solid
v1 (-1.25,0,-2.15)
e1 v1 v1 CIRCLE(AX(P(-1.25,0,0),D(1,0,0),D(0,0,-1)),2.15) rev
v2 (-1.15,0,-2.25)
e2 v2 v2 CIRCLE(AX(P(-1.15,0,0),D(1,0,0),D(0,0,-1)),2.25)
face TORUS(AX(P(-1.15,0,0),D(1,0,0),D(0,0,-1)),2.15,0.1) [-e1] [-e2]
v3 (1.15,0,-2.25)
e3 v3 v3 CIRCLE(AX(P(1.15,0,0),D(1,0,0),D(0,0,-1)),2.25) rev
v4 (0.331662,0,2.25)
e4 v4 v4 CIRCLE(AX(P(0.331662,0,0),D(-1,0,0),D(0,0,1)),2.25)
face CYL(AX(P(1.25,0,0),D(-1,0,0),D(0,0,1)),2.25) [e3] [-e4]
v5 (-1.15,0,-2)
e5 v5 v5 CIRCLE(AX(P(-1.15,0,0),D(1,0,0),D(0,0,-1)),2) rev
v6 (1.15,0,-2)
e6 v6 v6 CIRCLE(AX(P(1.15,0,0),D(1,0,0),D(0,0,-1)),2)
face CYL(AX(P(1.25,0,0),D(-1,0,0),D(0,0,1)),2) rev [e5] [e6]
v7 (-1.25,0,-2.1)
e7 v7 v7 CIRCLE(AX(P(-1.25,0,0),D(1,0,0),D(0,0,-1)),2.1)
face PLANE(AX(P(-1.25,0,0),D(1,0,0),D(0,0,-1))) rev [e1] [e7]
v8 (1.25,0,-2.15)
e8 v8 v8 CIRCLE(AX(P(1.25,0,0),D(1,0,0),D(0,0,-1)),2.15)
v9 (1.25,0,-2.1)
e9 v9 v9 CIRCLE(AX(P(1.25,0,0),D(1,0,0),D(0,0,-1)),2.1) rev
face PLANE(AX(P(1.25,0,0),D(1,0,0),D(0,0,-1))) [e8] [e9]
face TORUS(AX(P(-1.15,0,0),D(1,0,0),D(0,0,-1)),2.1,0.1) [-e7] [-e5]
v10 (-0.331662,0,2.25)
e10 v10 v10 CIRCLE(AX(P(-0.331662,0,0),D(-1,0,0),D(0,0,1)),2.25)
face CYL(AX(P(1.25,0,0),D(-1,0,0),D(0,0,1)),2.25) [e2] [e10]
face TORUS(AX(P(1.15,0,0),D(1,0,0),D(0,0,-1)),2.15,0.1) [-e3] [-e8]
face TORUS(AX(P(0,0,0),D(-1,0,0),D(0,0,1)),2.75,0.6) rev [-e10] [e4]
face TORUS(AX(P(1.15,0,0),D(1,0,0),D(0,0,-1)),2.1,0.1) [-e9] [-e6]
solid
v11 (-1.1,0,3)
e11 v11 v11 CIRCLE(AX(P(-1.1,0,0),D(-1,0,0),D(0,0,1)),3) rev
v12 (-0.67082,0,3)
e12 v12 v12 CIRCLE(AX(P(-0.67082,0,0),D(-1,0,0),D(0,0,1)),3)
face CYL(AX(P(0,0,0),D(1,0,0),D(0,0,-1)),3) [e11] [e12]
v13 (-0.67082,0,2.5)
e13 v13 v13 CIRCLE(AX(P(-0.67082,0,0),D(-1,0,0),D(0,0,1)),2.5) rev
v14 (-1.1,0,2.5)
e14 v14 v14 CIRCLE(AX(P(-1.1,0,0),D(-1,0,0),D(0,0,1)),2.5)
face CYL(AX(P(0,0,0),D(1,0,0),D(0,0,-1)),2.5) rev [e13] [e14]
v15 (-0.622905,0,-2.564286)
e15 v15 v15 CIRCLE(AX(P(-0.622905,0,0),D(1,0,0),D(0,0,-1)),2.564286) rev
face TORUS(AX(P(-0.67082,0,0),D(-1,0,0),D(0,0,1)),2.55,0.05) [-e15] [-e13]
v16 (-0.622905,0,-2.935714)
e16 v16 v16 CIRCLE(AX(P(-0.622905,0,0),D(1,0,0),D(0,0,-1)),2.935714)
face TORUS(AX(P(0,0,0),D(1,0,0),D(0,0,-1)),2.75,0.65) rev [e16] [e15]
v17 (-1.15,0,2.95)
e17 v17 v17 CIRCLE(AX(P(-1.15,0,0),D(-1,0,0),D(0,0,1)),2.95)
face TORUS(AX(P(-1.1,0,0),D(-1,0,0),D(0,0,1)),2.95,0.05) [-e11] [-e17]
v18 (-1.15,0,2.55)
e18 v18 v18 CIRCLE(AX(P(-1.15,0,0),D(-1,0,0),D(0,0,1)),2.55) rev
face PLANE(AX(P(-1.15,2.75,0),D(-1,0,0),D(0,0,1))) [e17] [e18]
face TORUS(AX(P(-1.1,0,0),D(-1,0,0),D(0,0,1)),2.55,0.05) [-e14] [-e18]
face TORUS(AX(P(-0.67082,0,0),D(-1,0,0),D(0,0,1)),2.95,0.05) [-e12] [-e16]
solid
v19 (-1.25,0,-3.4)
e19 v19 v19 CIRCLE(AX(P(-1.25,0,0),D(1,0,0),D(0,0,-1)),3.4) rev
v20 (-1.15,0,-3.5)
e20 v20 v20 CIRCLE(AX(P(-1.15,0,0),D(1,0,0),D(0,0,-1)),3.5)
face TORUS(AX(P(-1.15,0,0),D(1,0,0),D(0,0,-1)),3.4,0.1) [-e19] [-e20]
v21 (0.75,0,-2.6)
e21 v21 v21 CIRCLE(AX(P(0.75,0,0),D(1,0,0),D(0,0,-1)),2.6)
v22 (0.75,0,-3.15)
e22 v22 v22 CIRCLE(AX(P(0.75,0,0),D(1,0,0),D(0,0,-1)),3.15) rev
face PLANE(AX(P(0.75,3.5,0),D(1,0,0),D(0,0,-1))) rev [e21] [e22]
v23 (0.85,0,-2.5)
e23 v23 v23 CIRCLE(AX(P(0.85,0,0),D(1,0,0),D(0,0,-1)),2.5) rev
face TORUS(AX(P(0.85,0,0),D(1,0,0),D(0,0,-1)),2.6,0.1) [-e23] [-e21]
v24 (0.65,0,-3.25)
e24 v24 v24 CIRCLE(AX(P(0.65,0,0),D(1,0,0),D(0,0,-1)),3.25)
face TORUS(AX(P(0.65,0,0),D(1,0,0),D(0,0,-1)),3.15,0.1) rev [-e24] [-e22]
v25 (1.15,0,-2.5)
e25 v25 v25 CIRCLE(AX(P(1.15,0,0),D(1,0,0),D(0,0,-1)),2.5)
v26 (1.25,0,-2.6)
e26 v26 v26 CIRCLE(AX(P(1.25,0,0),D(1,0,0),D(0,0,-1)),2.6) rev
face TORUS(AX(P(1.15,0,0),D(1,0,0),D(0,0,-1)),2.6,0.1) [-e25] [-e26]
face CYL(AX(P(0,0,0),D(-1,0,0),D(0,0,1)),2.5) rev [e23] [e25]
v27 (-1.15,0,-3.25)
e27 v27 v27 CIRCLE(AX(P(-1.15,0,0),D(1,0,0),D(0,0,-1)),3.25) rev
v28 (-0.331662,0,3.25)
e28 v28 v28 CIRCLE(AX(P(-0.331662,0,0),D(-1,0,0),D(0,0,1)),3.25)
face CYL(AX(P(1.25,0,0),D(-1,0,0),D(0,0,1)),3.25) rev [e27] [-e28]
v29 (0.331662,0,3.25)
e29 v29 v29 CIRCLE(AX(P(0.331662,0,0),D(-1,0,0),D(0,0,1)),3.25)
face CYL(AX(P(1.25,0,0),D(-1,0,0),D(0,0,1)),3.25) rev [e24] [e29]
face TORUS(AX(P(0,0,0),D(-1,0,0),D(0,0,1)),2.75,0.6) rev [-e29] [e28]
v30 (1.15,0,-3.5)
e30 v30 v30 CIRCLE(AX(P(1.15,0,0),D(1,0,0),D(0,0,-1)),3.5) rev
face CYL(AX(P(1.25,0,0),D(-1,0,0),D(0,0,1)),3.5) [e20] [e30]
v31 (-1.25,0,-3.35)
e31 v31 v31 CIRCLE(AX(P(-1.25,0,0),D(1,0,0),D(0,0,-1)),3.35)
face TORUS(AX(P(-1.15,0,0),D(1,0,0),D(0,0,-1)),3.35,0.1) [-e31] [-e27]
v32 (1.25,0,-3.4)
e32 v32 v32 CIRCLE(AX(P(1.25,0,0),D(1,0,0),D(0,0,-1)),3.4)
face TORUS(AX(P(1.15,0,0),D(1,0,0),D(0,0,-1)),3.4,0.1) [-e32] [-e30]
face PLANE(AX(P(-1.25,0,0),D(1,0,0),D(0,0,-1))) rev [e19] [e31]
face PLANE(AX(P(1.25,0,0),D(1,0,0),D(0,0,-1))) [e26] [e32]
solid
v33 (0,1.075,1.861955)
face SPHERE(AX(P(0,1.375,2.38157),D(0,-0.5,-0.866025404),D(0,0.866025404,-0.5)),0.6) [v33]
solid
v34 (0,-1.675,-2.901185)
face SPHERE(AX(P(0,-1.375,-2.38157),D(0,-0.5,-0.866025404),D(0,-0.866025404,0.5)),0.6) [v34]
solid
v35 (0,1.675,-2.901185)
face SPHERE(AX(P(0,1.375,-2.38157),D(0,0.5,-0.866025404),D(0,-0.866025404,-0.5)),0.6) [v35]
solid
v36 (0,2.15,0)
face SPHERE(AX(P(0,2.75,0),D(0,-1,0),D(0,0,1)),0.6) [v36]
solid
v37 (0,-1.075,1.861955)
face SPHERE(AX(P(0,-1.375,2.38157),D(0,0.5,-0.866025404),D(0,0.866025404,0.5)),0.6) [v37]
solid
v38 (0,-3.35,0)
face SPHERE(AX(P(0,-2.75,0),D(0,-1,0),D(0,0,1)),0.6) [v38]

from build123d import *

# Parameters (mm, degrees)
SKETCH1_R             = 3.5
SKETCH1_R_2           = 3.25
BOSS_EXTRUDE1_DEPTH   = 1.25
SKETCH1_R_3           = 2.25
SKETCH1_R_4           = 2
BOSS_EXTRUDE1_2_DEPTH = 1.25
SKETCH7_W             = 0.5
SKETCH7_H             = 1
FILLET1_R             = 0.1
FILLET2_R             = 0.1
FILLET3_R             = 0.05


with BuildPart() as part:
    # Sketch1 → Boss-Extrude1 (new, symmetric)
    with BuildSketch(Plane(origin=(0, 0, 0), x_dir=(0, 0, -1), z_dir=(1, 0, 0))):
        Circle(SKETCH1_R)
        Circle(SKETCH1_R_2, mode=Mode.SUBTRACT)
    extrude(amount=BOSS_EXTRUDE1_DEPTH, both=True)


with BuildPart() as body_2:
    # Sketch1 → Boss-Extrude1 2 (new, symmetric)
    with BuildSketch(Plane(origin=(0, 0, 0), x_dir=(0, 0, -1), z_dir=(1, 0, 0))):
        Circle(SKETCH1_R_3)
        Circle(SKETCH1_R_4, mode=Mode.SUBTRACT)
    extrude(amount=BOSS_EXTRUDE1_2_DEPTH, both=True)


with BuildPart() as cut_revolve1_tool:
    # Sketch2 → Cut-Revolve1 (revolve)
    with BuildSketch(Plane.XY):
        with BuildLine():
            Line((0.331662479, 3.25), (-0.331662479, 3.25))
            ThreePointArc((-0.331662479, 3.25), (0, 3.35), (0.331662479, 3.25))
        make_face()
        with BuildLine():
            Line((0.331662479, 2.25), (-0.331662479, 2.25))
            ThreePointArc((-0.331662479, 2.25), (0, 2.15), (0.331662479, 2.25))
        make_face()
    revolve(axis=Axis((0, 0, 0), (1, 0, 0)))


with BuildPart() as part_1:
    add(part.part)

    # Cut-Revolve1: cut by cut_revolve1_tool
    add(cut_revolve1_tool.part, mode=Mode.SUBTRACT)

    # Sketch7 → Revolve5 (revolve)
    with BuildSketch(Plane.XY, mode=Mode.PRIVATE) as revolve5_sk:
        with Locations((1, 3)):
            Rectangle(SKETCH7_W, SKETCH7_H)
    revolve(revolve5_sk.sketch.rotate(Axis((0, 0, 0), (1, 0, 0)), 90), axis=Axis((0, 0, 0), (1, 0, 0)))

    # Fillet1
    fillet1_edges = [part_1.edges().sort_by_distance(p)[0] for p in [
        (0.75, 0, 3.25),
        (1.25, 0, -2.5),
        (0.75, 0, -2.5),
        (-1.25, 0, 3.5),
        (-1.25, 0, 3.25),
        (1.25, 0, 3.5),
    ]]
    fillet(fillet1_edges, radius=FILLET1_R)


with BuildPart() as body_2_1:
    add(body_2.part)

    # Cut-Revolve1: cut by cut_revolve1_tool
    add(cut_revolve1_tool.part, mode=Mode.SUBTRACT)

    # Fillet2
    fillet2_edges = [body_2_1.edges().sort_by_distance(p)[0] for p in [
        (-1.25, 0, 2.25),
        (-1.25, 0, 2),
        (1.25, 0, 2),
        (1.25, 0, 2.25),
    ]]
    fillet(fillet2_edges, radius=FILLET2_R)


with BuildPart() as body_3:
    # Sketch3 → Revolve1 (revolve)
    with BuildSketch(Plane(origin=(0, 0, 0), x_dir=(0, 0, -1), z_dir=(1, 0, 0))):
        with BuildLine():
            Line((0, 2.15), (0, 3.35))
            ThreePointArc((0, 3.35), (0.6, 2.75), (0, 2.15))
        make_face()
        with BuildLine():
            Line((0, -2.15), (0, -3.35))
            ThreePointArc((0, -3.35), (-0.6, -2.75), (0, -2.15))
        make_face()
    revolve(axis=Axis((0, 0, 0), (0, 1, 0)))


with BuildPart() as body_4:
    # Sketch4 → Revolve2 (revolve)
    with BuildSketch(Plane(origin=(0, 0, 0), x_dir=(0, 0, -1), z_dir=(1, 0, 0))):
        with BuildLine():
            Line((1.861954618, 1.075), (2.901185103, 1.675))
            ThreePointArc((2.901185103, 1.675), (2.68156986, 0.855384758), (1.861954618, 1.075))
        make_face()
        with BuildLine():
            Line((-1.861954618, -1.075), (-2.901185103, -1.675))
            ThreePointArc((-2.901185103, -1.675), (-2.68156986, -0.855384758), (-1.861954618, -1.075))
        make_face()
    revolve(axis=Axis((0, -1.075, 1.861954618), (0, -0.5000000000000012, 0.866025403784438)))


with BuildPart() as body_5:
    # Sketch5 → Revolve3 (revolve)
    with BuildSketch(Plane(origin=(0, 0, 0), x_dir=(0, 0, -1), z_dir=(1, 0, 0))):
        with BuildLine():
            Line((-2.38156986, 1.375), (-1.861954618, 1.075))
            ThreePointArc((-1.861954618, 1.075), (-2.08156986, 1.894615242), (-2.901185103, 1.675))
            Line((-2.901185103, 1.675), (-2.38156986, 1.375))
        make_face()
        with BuildLine():
            Line((2.38156986, -1.375), (1.861954618, -1.075))
            ThreePointArc((1.861954618, -1.075), (2.08156986, -1.894615242), (2.901185103, -1.675))
            Line((2.901185103, -1.675), (2.38156986, -1.375))
        make_face()
    revolve(axis=Axis((0, 1.075, 1.861954618), (0, 0.5000000000000012, 0.8660254037844379)))


with BuildPart() as body_6:
    # Sketch8 → Revolve6 (revolve)
    with BuildSketch(Plane.XY, mode=Mode.PRIVATE) as revolve6_sk:
        with BuildLine():
            Line((-1.15, 2.75), (-1.15, 3))
            Line((-1.15, 3), (-0.6, 3))
            ThreePointArc((-0.6, 3), (-0.65, 2.75), (-0.6, 2.5))
            Line((-0.6, 2.5), (-1.15, 2.5))
            Line((-1.15, 2.5), (-1.15, 2.75))
        make_face()
    revolve(revolve6_sk.sketch.rotate(Axis((0, 0, 0), (-1, 0, 0)), 270), axis=Axis((0, 0, 0), (-1, 0, 0)))

    # Fillet3
    fillet3_edges = [body_6.edges().sort_by_distance(p)[0] for p in [
        (-1.15, 0, -3),
        (-0.6, 0, -3),
        (-0.6, 0, -2.5),
        (-1.15, 0, -2.5),
    ]]
    fillet(fillet3_edges, radius=FILLET3_R)


solid = Compound([part_1.part, body_2_1.part, body_3.part, body_4.part, body_5.part, body_6.part])
